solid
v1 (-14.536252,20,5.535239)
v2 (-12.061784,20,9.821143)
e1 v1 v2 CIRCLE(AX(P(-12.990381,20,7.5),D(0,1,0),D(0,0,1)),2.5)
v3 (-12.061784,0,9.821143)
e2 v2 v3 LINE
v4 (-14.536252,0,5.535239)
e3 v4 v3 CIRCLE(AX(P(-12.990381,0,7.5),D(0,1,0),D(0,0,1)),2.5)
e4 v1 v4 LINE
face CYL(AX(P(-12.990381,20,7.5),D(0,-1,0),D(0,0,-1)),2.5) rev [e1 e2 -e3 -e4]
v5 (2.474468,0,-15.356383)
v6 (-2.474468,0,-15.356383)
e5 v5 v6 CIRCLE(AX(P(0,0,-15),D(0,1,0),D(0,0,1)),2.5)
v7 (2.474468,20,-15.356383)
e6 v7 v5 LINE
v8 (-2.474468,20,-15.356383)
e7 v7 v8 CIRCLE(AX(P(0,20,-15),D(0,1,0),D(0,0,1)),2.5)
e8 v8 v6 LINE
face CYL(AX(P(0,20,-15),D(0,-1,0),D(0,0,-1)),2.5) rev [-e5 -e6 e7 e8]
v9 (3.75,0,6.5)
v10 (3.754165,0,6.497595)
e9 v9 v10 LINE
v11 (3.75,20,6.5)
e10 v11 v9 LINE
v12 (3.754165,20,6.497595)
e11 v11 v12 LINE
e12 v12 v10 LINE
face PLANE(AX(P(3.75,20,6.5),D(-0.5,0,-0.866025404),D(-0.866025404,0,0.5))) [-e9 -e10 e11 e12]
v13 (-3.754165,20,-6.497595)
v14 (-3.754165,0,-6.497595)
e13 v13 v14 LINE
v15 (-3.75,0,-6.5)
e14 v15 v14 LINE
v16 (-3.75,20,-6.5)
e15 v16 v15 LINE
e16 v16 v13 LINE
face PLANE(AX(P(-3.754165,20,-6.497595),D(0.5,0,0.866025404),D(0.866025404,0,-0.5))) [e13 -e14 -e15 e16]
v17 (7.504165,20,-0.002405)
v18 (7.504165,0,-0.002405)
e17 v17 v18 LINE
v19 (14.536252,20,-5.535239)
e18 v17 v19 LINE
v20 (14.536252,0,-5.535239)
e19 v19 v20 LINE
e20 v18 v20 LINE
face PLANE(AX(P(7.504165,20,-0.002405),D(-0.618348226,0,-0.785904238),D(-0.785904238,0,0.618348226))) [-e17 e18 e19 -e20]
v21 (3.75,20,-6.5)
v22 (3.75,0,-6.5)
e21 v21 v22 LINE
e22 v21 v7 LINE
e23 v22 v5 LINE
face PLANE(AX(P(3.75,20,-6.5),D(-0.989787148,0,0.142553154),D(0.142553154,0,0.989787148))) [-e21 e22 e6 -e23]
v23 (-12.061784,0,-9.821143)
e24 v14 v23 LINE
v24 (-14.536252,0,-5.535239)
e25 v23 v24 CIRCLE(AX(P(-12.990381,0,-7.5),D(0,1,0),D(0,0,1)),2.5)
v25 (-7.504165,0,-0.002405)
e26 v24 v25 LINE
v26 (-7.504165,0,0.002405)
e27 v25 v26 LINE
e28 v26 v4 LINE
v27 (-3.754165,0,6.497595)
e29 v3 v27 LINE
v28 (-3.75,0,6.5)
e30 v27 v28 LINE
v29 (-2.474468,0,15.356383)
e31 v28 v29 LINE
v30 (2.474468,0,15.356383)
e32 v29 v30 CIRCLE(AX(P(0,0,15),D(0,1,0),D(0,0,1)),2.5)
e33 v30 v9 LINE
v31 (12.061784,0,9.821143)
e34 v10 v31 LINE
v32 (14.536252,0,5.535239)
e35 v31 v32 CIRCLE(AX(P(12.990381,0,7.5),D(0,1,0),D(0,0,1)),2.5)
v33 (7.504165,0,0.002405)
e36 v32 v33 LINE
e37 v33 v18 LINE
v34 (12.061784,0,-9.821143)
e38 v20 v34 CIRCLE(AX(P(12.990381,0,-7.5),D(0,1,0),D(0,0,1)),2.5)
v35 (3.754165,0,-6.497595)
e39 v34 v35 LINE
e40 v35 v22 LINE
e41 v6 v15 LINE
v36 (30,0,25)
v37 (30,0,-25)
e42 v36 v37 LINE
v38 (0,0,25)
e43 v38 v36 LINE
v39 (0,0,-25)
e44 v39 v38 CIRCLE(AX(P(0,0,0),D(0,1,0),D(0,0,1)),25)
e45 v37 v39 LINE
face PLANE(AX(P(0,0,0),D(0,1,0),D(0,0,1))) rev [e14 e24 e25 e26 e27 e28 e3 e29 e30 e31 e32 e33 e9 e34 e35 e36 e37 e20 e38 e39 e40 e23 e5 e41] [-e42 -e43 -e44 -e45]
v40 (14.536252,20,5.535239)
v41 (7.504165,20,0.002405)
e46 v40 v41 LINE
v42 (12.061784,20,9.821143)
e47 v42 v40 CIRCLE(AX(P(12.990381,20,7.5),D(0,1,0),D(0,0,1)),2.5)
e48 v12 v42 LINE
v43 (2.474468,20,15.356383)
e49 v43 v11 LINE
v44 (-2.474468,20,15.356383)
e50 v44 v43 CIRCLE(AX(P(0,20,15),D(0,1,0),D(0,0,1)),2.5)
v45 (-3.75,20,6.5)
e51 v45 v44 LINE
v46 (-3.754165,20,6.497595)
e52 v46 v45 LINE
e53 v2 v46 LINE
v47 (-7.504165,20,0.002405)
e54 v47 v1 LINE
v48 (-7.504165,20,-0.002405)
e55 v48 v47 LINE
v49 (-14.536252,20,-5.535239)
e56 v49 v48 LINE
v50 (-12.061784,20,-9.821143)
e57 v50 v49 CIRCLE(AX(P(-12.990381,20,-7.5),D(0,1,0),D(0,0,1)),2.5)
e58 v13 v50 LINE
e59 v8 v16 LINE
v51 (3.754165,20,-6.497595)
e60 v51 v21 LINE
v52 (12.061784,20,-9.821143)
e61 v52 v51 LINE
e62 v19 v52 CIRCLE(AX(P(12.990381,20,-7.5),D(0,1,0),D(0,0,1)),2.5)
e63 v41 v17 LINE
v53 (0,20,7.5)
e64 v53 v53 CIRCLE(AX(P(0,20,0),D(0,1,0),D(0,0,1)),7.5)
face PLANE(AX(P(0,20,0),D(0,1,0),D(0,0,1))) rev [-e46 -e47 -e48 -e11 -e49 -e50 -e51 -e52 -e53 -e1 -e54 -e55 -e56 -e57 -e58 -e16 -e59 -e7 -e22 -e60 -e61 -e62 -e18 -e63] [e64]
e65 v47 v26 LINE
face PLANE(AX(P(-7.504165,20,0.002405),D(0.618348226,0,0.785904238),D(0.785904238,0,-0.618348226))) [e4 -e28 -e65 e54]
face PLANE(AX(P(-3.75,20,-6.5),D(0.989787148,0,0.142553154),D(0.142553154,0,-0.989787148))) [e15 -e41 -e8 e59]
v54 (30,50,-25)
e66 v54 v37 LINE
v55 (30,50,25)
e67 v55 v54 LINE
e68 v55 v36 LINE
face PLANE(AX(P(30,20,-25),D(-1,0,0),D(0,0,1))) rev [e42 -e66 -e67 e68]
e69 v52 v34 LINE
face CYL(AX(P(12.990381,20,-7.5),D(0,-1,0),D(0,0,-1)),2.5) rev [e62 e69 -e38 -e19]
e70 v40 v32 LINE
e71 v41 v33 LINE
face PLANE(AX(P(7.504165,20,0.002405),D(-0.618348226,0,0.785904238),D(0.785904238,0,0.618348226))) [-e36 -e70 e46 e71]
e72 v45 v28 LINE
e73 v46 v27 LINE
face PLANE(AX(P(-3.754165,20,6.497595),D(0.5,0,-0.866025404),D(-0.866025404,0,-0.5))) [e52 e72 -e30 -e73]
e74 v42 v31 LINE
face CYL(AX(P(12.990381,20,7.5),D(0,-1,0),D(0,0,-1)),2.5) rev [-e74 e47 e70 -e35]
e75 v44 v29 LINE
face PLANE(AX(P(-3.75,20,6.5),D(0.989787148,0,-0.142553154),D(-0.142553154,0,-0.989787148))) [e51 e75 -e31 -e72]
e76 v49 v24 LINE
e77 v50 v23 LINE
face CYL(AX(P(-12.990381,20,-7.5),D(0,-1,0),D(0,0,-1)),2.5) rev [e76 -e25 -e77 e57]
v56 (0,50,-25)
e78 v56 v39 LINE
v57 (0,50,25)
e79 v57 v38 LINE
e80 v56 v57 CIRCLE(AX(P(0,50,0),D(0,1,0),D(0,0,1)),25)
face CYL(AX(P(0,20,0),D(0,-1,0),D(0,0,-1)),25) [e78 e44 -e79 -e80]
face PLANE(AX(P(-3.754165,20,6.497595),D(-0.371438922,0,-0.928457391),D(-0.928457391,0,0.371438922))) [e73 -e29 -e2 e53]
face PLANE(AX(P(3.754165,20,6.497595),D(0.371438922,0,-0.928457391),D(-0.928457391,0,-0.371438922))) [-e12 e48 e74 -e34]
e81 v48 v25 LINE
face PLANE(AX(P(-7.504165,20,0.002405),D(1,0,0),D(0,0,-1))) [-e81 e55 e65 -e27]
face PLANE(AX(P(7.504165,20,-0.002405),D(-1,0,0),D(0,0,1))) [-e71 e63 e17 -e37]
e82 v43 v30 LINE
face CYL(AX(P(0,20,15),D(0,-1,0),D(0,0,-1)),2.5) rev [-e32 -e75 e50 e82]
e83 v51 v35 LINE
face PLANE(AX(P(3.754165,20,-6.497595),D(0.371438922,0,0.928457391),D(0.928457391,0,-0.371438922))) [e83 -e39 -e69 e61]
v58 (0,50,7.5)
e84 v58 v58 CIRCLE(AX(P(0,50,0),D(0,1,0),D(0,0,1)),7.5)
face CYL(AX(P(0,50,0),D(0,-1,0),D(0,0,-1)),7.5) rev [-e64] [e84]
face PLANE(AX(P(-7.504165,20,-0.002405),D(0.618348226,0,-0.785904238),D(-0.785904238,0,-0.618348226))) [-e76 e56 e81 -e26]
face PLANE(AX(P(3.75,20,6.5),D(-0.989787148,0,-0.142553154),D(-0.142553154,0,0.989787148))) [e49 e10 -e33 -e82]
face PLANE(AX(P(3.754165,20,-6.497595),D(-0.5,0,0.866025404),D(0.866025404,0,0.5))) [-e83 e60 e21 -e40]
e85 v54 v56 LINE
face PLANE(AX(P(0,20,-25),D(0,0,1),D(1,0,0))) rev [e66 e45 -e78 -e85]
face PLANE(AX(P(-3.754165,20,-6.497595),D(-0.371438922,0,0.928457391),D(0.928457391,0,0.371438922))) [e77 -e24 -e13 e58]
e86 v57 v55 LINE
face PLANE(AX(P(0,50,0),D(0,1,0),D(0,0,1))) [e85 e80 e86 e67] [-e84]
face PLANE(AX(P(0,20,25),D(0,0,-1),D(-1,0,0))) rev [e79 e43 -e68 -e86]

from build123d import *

# Parameters (mm, degrees)
BOSS_EXTRUDE1_DEPTH = 20
SKETCH2_R           = 7.5
BOSS_EXTRUDE2_DEPTH = 30


with BuildPart() as part:
    # Sketch1 → Boss-Extrude1 (new body)
    with BuildSketch(Plane(origin=(0, 0, 0), x_dir=(1, 0, 0), z_dir=(0, 1, 0))):
        with BuildLine():
            Line((0, -25), (30, -25))
            Line((30, -25), (30, 25))
            Line((30, 25), (0, 25))
            ThreePointArc((0, 25), (-25, 0), (0, -25))
        make_face()
        with BuildLine():
            Line((3.75, 6.5), (2.47446787, 15.356382884))
            ThreePointArc((2.47446787, 15.356382884), (0, 17.5), (-2.47446787, 15.356382884))
            Line((-2.47446787, 15.356382884), (-3.75, 6.5))
            Line((-3.75, 6.5), (-3.754165125, 6.497595264))
            Line((-3.754165125, 6.497595264), (-12.061783753, 9.821143478))
            ThreePointArc((-12.061783753, 9.821143478), (-15.155444566, 8.75), (-14.536251623, 5.535239406))
            Line((-14.536251623, 5.535239406), (-7.504165125, 0.002404736))
            Line((-7.504165125, 0.002404736), (-7.504165125, -0.002404736))
            Line((-7.504165125, -0.002404736), (-14.536251623, -5.535239406))
            ThreePointArc((-14.536251623, -5.535239406), (-15.155444566, -8.75), (-12.061783753, -9.821143478))
            Line((-12.061783753, -9.821143478), (-3.754165125, -6.497595264))
            Line((-3.754165125, -6.497595264), (-3.75, -6.5))
            Line((-3.75, -6.5), (-2.47446787, -15.356382884))
            ThreePointArc((-2.47446787, -15.356382884), (0, -17.5), (2.47446787, -15.356382884))
            Line((2.47446787, -15.356382884), (3.75, -6.5))
            Line((3.75, -6.5), (3.754165125, -6.497595264))
            Line((3.754165125, -6.497595264), (12.061783753, -9.821143478))
            ThreePointArc((12.061783753, -9.821143478), (15.155444566, -8.75), (14.536251623, -5.535239406))
            Line((14.536251623, -5.535239406), (7.504165125, -0.002404736))
            Line((7.504165125, -0.002404736), (7.504165125, 0.002404736))
            Line((7.504165125, 0.002404736), (14.536251623, 5.535239406))
            ThreePointArc((14.536251623, 5.535239406), (15.155444566, 8.75), (12.061783753, 9.821143478))
            Line((12.061783753, 9.821143478), (3.754165125, 6.497595264))
            Line((3.754165125, 6.497595264), (3.75, 6.5))
        make_face(mode=Mode.SUBTRACT)
    extrude(amount=BOSS_EXTRUDE1_DEPTH)

    # Sketch2 → Boss-Extrude2 (add)
    with BuildSketch(Plane(origin=(0, 20, 0), x_dir=(1, 0, 0), z_dir=(0, 1, 0))):
        with BuildLine():
            Line((0, 25), (30, 25))
            Line((30, 25), (30, -25))
            Line((30, -25), (0, -25))
            ThreePointArc((0, -25), (-25, 0), (0, 25))
        make_face()
        with Locations(Location((0, 0, 0), (0, 0, 270))):
            Circle(SKETCH2_R, mode=Mode.SUBTRACT)
    extrude(amount=BOSS_EXTRUDE2_DEPTH)


solid = part.part
